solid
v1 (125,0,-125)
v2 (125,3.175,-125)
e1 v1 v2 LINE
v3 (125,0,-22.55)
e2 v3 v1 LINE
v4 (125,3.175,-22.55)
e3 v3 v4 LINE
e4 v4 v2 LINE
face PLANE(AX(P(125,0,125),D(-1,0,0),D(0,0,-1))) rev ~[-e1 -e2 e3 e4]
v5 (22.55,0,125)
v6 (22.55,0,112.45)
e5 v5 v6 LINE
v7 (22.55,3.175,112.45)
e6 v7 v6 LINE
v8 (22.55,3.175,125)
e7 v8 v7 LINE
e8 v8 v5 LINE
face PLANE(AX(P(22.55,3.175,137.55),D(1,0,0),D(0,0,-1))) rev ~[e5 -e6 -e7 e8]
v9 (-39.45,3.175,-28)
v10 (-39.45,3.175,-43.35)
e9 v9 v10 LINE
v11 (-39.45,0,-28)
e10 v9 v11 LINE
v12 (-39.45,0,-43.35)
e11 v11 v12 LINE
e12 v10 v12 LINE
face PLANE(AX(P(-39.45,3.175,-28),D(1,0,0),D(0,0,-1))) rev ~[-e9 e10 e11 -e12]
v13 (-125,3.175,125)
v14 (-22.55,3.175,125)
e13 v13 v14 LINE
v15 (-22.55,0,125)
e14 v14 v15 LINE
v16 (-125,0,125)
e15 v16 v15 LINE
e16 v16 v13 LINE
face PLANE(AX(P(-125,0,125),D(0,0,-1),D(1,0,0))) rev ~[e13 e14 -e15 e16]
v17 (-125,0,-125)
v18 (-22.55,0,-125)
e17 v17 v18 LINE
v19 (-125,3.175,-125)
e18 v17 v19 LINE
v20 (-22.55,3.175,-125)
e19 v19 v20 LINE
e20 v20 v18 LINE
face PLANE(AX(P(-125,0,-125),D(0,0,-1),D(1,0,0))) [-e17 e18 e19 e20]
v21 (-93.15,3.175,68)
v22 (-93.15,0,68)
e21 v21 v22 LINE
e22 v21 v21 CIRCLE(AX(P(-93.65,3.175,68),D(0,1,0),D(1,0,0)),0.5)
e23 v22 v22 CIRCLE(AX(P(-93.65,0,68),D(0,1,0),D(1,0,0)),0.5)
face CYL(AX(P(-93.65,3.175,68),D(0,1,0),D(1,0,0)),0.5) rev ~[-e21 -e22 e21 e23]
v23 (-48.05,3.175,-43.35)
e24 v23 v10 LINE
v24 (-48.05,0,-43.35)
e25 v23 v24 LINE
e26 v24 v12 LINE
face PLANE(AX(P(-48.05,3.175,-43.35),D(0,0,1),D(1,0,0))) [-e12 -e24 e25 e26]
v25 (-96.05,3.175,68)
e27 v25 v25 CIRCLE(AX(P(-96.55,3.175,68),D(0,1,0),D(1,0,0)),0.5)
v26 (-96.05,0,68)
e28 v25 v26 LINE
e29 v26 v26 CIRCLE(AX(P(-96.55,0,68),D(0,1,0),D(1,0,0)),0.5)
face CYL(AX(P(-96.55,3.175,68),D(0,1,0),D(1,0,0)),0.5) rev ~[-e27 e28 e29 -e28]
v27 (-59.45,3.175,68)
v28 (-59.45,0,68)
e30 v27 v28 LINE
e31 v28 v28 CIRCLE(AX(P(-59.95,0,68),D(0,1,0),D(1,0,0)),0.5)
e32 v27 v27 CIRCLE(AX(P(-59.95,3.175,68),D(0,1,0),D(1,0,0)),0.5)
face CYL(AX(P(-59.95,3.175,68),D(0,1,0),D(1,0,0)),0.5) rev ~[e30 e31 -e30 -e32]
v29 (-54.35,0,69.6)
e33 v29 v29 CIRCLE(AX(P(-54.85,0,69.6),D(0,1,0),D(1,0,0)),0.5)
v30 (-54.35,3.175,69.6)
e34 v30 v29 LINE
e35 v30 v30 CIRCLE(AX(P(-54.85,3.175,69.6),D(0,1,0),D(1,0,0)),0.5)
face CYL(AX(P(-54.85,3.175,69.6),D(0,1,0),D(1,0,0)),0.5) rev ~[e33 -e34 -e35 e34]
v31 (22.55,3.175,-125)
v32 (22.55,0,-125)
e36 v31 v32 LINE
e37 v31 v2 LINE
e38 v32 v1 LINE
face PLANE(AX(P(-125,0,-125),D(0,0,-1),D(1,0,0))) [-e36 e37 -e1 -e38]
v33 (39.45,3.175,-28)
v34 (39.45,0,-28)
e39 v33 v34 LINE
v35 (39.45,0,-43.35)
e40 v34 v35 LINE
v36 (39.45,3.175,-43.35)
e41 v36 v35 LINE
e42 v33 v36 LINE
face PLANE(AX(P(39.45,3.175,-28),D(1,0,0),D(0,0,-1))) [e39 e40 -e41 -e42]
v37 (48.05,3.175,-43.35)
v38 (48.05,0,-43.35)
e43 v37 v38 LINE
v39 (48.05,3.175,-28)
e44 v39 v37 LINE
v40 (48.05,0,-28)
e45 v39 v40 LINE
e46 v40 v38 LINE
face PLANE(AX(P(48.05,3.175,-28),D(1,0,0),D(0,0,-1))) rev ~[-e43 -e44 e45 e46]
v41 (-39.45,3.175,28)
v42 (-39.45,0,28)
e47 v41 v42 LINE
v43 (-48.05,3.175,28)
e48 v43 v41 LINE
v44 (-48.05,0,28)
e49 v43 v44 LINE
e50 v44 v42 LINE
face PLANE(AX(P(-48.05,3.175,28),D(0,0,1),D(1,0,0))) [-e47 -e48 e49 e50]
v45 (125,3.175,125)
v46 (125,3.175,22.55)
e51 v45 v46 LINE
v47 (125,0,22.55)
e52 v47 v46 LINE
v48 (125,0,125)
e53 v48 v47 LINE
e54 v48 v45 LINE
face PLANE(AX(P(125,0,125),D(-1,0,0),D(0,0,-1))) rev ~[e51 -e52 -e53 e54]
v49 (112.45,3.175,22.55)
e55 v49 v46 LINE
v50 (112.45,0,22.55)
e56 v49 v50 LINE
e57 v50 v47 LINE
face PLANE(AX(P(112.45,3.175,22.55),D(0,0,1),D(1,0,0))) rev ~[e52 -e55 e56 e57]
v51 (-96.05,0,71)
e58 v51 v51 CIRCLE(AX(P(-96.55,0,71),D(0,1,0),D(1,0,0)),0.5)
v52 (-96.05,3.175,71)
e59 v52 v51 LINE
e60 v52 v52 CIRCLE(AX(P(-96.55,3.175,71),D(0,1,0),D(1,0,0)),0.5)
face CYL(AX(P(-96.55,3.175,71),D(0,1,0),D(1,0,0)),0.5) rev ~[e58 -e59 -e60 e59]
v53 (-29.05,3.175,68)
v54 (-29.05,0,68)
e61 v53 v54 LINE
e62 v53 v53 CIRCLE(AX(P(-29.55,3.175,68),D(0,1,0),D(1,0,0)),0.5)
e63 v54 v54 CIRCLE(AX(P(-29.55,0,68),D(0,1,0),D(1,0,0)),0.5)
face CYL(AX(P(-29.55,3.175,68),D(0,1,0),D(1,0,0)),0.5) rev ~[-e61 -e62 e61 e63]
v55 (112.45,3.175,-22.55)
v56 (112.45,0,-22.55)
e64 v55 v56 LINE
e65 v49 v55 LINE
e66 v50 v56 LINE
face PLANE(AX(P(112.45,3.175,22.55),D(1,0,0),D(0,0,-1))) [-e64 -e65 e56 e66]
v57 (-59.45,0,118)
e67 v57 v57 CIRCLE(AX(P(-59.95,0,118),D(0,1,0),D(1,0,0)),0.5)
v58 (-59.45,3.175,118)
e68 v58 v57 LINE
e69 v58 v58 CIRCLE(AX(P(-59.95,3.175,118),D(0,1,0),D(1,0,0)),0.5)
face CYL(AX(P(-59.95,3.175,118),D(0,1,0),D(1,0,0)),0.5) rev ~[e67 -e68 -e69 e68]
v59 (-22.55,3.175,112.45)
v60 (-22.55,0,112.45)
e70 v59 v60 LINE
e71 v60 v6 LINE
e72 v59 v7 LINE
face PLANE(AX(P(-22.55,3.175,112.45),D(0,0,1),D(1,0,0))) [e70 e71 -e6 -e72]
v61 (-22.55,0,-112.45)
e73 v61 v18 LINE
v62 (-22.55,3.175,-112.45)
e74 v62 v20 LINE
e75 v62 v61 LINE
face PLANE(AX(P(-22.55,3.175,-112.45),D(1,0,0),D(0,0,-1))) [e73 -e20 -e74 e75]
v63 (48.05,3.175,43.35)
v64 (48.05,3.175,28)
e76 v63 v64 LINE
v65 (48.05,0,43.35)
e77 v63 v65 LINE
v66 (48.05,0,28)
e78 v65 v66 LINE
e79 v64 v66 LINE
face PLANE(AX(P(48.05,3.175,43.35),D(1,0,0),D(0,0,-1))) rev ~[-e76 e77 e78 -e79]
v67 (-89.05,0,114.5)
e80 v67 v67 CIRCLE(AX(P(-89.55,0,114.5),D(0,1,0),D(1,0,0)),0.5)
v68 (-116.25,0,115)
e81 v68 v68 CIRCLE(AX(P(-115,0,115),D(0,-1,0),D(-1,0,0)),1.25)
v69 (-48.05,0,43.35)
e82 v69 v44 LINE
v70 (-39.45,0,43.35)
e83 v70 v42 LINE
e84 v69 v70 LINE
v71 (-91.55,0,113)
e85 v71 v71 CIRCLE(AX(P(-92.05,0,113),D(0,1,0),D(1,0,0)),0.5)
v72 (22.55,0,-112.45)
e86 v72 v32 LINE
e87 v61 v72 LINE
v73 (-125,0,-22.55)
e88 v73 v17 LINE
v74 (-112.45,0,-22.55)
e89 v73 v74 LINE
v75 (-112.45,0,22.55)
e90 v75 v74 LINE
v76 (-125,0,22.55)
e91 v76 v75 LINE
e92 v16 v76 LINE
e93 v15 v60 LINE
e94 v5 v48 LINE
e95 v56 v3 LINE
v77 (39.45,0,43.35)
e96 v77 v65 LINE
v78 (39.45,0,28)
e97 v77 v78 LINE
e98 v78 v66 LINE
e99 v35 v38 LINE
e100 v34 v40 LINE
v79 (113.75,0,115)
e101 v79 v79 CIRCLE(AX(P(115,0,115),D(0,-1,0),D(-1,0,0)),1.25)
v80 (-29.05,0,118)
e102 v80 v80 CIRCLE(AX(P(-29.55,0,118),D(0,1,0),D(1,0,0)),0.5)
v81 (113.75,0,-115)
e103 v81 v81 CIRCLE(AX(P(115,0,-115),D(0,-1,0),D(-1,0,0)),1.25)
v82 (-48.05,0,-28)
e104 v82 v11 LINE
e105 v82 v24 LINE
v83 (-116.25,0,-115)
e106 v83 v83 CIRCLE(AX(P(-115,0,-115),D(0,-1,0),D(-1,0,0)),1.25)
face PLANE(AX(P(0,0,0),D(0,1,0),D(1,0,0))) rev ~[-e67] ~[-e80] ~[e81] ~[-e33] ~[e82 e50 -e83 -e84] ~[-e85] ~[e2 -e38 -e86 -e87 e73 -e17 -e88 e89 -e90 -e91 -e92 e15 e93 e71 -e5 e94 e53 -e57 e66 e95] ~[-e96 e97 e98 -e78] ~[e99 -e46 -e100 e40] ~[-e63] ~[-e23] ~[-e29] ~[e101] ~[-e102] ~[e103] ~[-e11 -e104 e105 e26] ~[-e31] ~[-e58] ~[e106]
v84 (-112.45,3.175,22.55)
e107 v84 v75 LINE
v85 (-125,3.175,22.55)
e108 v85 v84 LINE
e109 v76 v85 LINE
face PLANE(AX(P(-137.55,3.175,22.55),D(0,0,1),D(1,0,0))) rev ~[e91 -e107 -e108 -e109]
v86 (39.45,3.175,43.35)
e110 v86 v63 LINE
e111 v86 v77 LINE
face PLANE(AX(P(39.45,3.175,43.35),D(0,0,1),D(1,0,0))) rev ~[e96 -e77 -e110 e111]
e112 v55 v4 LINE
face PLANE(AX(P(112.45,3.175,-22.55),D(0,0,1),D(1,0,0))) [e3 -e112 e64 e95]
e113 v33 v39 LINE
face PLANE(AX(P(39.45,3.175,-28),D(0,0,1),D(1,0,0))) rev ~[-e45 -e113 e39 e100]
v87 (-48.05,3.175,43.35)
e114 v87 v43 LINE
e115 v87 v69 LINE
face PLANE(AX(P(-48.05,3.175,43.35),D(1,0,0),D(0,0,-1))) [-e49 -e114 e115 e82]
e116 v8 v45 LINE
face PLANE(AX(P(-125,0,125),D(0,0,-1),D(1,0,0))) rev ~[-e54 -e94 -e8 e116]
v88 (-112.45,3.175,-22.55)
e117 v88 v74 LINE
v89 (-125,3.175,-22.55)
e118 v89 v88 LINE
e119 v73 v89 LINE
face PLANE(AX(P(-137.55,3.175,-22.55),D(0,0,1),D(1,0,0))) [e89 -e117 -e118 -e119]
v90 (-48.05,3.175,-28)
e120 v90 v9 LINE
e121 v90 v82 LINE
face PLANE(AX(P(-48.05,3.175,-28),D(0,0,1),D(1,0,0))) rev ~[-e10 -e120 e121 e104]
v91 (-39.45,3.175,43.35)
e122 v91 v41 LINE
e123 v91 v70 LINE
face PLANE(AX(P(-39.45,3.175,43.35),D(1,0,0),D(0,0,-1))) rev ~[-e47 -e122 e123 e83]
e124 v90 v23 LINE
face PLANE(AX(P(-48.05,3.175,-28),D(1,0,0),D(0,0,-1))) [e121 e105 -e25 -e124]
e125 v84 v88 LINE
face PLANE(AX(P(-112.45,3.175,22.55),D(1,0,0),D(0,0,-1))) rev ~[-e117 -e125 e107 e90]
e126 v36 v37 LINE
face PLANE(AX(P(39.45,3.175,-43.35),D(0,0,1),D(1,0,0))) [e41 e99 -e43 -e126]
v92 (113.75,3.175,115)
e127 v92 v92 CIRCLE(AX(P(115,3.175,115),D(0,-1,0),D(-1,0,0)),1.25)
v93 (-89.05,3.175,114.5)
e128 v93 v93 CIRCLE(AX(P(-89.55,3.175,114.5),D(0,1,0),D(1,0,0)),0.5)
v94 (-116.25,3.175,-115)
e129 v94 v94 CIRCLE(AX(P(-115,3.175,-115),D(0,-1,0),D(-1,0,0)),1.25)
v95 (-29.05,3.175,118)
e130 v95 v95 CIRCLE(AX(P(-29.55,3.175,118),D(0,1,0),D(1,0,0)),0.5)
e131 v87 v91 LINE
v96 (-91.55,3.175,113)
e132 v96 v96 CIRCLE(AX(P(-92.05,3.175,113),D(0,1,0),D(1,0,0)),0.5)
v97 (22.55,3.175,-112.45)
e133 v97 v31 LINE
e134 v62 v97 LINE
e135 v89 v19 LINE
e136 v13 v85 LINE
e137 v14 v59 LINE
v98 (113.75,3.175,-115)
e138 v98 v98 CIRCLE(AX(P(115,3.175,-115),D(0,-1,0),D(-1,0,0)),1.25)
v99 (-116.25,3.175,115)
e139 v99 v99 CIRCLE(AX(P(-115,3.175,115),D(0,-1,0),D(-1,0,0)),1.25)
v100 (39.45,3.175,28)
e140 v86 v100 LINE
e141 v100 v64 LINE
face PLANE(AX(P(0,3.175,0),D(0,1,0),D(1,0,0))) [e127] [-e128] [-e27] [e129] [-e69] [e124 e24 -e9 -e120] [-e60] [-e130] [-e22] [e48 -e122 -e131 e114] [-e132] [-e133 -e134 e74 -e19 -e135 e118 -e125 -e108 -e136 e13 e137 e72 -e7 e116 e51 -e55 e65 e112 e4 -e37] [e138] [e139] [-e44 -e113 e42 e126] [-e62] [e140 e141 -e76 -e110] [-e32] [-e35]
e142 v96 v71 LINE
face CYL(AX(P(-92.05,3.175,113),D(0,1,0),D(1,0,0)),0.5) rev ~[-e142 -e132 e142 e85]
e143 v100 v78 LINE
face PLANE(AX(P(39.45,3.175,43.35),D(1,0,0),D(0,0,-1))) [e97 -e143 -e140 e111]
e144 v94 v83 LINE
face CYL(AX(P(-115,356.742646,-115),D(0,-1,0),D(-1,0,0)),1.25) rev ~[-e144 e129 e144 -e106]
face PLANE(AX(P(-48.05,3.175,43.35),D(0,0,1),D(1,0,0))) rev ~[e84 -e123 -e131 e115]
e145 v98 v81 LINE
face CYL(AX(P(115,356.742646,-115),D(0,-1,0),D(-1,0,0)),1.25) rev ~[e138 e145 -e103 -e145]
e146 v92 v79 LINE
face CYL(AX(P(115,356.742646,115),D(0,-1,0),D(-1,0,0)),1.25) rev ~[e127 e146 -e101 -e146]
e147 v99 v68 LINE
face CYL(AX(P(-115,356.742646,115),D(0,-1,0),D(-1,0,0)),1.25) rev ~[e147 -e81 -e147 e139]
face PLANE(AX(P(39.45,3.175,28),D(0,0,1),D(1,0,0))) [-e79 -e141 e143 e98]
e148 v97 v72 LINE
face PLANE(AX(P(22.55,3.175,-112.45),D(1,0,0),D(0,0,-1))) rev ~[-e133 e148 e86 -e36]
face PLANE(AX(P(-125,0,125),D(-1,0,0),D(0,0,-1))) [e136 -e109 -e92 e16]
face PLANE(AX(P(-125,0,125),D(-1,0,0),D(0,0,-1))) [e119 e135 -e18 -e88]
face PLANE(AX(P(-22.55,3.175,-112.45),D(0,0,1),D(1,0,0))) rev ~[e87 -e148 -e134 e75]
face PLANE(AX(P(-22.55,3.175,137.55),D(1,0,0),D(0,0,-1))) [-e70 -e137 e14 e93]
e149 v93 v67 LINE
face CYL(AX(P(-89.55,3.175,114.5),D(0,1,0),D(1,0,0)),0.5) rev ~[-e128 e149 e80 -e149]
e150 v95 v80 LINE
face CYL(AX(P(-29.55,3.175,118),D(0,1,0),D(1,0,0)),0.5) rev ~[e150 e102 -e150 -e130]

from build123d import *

# Parameters (mm, degrees)
SKETCH2_W           = 250
SKETCH2_H           = 250
BOSS_EXTRUDE1_DEPTH = 3.175
SKETCH3_W           = 8.6
SKETCH3_H           = 15.35
CUT_EXTRUDE1_DEPTH  = 10
SKETCH4_W           = 45.1
SKETCH4_H           = 25.1
SKETCH4_W_2         = 25.1
SKETCH4_H_2         = 45.1
CUT_EXTRUDE2_DEPTH  = 10
M3_TAPPED_HOLE1_D   = 2.5
M3_TAPPED_HOLE2_D   = 2.5
SKETCH9_R           = 0.5
CUT_EXTRUDE3_DEPTH  = 4.175


with BuildPart() as part:
    # Sketch2 → Boss-Extrude1 (new body)
    with BuildSketch(Plane(origin=(0, 0, 0), x_dir=(1, 0, 0), z_dir=(0, 1, 0))):
        Rectangle(SKETCH2_W, SKETCH2_H)
    extrude(amount=BOSS_EXTRUDE1_DEPTH)

    # Sketch3 → Cut-Extrude1 (cut)
    with BuildSketch(Plane(origin=(0, 3.175, 0), x_dir=(1, 0, 0), z_dir=(0, 1, 0))):
        with Locations((-43.75, 35.675)):
            Rectangle(SKETCH3_W, SKETCH3_H)
        with Locations((-43.75, -35.675)):
            Rectangle(SKETCH3_W, SKETCH3_H)
        with Locations((43.75, -35.675)):
            Rectangle(SKETCH3_W, SKETCH3_H)
        with Locations((43.75, 35.675)):
            Rectangle(SKETCH3_W, SKETCH3_H)
    extrude(amount=-CUT_EXTRUDE1_DEPTH, mode=Mode.SUBTRACT)

    # Sketch4 → Cut-Extrude2 (cut)
    with BuildSketch(Plane(origin=(0, 3.175, 0), x_dir=(1, 0, 0), z_dir=(0, 1, 0))):
        with Locations((0, 125)):
            Rectangle(SKETCH4_W, SKETCH4_H)
        with Locations((125, 0)):
            Rectangle(SKETCH4_W_2, SKETCH4_H_2)
        with Locations((0, -125)):
            Rectangle(SKETCH4_W, SKETCH4_H)
        with Locations((-125, 0)):
            Rectangle(SKETCH4_W_2, SKETCH4_H_2)
    extrude(amount=-CUT_EXTRUDE2_DEPTH, mode=Mode.SUBTRACT)

    # M3 Tapped Hole1 (through all)
    with Locations(Plane(origin=(0, 3.175, 0), x_dir=(1, 0, 0), z_dir=(0, 1, 0))):
        with Locations((-115, 115)):
            Hole(M3_TAPPED_HOLE1_D / 2)

    # M3 Tapped Hole2 (through all)
    with Locations(Plane(origin=(0, 3.175, 0), x_dir=(1, 0, 0), z_dir=(0, 1, 0))):
        with Locations((115, 115), (115, -115), (-115, -115)):
            Hole(M3_TAPPED_HOLE2_D / 2)

    # Sketch9 → Cut-Extrude3 (cut, through all)
    with BuildSketch(Plane(origin=(0, 3.175, 0), x_dir=(1, 0, 0), z_dir=(0, 1, 0))):
        with Locations((-92.05, -113)):
            Circle(SKETCH9_R)
        with Locations((-89.55, -114.5)):
            Circle(SKETCH9_R)
        with Locations((-59.95, -118)):
            Circle(SKETCH9_R)
        with Locations((-29.55, -118)):
            Circle(SKETCH9_R)
        with Locations((-29.55, -68)):
            Circle(SKETCH9_R)
        with Locations((-54.85, -69.6)):
            Circle(SKETCH9_R)
        with Locations((-59.95, -68)):
            Circle(SKETCH9_R)
        with Locations((-96.55, -68)):
            Circle(SKETCH9_R)
        with Locations((-93.65, -68)):
            Circle(SKETCH9_R)
        with Locations((-96.55, -71)):
            Circle(SKETCH9_R)
    extrude(amount=-CUT_EXTRUDE3_DEPTH, mode=Mode.SUBTRACT)


solid = part.part
